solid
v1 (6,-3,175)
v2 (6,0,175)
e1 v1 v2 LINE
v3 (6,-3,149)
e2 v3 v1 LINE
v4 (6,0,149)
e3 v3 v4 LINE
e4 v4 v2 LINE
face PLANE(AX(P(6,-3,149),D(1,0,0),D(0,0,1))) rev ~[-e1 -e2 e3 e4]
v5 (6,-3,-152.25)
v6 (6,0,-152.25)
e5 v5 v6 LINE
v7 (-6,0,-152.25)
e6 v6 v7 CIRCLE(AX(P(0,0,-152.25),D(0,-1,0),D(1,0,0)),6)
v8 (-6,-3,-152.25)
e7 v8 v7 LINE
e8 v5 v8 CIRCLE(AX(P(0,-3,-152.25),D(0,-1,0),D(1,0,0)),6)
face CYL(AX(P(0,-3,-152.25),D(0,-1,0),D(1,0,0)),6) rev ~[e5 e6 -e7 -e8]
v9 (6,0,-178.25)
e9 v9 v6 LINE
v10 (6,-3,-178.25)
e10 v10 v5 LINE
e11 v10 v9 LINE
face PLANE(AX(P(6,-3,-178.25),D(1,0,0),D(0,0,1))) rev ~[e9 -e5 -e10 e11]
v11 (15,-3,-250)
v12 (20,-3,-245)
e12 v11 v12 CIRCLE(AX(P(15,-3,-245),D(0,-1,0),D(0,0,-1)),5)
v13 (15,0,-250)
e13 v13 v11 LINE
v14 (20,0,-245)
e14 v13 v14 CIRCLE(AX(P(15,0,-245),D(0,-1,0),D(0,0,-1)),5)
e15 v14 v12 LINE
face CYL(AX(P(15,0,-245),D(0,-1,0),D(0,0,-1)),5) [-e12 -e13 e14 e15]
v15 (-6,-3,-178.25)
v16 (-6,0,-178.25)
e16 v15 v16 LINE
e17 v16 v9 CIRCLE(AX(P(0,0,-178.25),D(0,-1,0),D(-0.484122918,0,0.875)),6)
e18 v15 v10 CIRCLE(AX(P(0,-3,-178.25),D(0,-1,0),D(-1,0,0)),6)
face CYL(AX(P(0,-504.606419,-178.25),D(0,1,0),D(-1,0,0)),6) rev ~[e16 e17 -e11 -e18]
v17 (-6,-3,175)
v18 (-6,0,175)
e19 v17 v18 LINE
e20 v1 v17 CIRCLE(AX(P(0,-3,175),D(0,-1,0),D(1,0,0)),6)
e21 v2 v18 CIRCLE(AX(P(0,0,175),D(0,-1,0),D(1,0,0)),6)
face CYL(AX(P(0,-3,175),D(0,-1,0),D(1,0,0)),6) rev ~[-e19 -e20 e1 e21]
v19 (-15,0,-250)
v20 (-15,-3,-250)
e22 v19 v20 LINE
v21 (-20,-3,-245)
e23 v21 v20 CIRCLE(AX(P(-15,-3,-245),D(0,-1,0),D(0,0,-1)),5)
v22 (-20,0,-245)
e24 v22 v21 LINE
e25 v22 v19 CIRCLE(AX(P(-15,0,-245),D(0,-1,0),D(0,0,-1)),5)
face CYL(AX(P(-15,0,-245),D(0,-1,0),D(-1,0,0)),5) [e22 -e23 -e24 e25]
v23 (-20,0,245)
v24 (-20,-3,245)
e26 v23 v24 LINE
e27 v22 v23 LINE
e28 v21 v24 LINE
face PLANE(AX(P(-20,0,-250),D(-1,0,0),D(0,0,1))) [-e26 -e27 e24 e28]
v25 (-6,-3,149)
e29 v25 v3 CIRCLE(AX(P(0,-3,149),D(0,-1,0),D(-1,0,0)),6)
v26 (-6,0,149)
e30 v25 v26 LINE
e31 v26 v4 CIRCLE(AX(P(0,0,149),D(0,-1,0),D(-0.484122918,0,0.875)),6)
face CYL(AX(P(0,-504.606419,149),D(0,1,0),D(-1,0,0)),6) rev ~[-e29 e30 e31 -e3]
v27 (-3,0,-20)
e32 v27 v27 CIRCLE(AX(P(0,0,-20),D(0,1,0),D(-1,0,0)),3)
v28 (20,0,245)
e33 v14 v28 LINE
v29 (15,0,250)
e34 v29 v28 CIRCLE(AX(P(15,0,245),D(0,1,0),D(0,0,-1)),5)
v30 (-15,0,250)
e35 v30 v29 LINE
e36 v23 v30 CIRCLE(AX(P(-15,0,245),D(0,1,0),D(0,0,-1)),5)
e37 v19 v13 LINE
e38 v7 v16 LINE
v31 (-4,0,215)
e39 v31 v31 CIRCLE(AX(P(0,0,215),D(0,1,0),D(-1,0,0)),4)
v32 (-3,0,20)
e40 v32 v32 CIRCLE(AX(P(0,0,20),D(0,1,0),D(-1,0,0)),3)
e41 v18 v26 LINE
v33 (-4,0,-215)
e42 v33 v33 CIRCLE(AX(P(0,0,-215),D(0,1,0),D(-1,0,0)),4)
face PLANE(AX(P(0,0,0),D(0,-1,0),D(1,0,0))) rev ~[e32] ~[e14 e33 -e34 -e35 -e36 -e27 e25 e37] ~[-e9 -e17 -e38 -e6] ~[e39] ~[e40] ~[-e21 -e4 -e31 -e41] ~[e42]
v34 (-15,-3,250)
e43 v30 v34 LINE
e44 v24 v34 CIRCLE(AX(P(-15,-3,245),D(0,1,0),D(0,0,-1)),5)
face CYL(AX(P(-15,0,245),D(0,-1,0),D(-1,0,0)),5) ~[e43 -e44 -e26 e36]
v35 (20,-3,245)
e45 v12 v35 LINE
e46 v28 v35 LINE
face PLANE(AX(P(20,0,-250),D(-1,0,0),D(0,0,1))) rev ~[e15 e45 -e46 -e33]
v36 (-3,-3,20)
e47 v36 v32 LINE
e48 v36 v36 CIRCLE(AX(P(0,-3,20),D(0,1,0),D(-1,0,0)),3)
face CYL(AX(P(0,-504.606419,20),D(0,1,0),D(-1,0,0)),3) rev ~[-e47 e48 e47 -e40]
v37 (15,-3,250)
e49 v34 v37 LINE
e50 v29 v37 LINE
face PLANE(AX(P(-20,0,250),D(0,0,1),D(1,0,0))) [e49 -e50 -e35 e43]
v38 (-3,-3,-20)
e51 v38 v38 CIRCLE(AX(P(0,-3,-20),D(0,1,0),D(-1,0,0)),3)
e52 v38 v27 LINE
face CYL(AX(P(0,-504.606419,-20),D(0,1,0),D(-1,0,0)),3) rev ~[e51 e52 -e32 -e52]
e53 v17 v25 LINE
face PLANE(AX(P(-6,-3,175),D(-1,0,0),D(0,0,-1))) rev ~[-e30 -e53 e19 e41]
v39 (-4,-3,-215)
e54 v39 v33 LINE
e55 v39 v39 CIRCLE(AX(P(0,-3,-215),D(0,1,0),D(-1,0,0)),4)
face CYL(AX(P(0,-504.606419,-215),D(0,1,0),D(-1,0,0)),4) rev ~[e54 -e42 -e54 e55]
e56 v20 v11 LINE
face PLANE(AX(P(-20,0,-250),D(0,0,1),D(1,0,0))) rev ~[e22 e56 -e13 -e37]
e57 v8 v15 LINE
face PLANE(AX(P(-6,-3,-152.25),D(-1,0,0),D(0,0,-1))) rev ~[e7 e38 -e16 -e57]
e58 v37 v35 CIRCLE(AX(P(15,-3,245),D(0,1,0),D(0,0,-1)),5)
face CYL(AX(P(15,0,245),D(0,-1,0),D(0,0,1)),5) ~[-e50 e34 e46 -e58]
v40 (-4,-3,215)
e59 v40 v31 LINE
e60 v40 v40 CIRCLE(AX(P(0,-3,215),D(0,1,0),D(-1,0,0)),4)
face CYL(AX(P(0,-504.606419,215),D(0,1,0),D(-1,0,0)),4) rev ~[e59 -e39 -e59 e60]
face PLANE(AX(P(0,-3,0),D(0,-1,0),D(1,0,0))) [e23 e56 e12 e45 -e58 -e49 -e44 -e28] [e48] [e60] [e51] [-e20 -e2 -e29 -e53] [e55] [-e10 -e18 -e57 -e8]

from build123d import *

# Parameters (mm, degrees)
F0_W      = 40
F0_H      = 500
F1_DEPTH  = 3
F3_D      = 8
F5_D      = 12
F7_DEPTH  = 6
F8_D      = 12
F10_DEPTH = 6
F12_DEPTH = 6
F13_R     = 5
F15_D     = 6


with BuildPart() as f1:
    # F0 (on Front) → F1 (new body)
    with BuildSketch(Plane.XZ):
        Rectangle(F0_W, F0_H)
    extrude(amount=F1_DEPTH)

    # F3 (through all)
    with Locations(Plane.XZ.offset(3)):
        with Locations((0, -215), (0, 215)):
            Hole(F3_D / 2)

    # F5 (through all)
    with Locations(Plane.XZ.offset(3)):
        with Locations((0, 149)):
            Hole(F5_D / 2)

    # F6 (on face) → F7 (cut)
    with BuildSketch(Plane.XZ.offset(3)):
        with BuildLine():
            ThreePointArc((-3, 155), (0, 152), (3, 155))
            Line((3, 155), (3, 175))
            ThreePointArc((3, 175), (0, 178), (-3, 175))
            Line((-3, 175), (-3, 155))
        make_face()
    extrude(amount=-F7_DEPTH, mode=Mode.SUBTRACT)

    # F8 (through all)
    with Locations(Plane.XZ.offset(3)):
        with Locations((0, -178.25)):
            Hole(F8_D / 2)

    # F9 (on face) → F10 (cut)
    with BuildSketch(Plane.XZ.offset(3)):
        with BuildLine():
            ThreePointArc((-3, -172.25), (0, -175.25), (3, -172.25))
            Line((3, -172.25), (3, -152.25))
            ThreePointArc((3, -152.25), (0, -149.25), (-3, -152.25))
            Line((-3, -152.25), (-3, -172.25))
        make_face()
    extrude(amount=-F10_DEPTH, mode=Mode.SUBTRACT)

    # F11 (on face) → F12 (cut)
    with BuildSketch(Plane.XZ.offset(3)):
        with BuildLine():
            ThreePointArc((-6, 149), (0, 143), (6, 149))
            Line((6, 149), (6, 175))
            ThreePointArc((6, 175), (0, 181), (-6, 175))
            Line((-6, 175), (-6, 149))
        make_face()
        with BuildLine():
            ThreePointArc((-6, -178.25), (0, -184.25), (6, -178.25))
            Line((6, -178.25), (6, -152.25))
            ThreePointArc((6, -152.25), (0, -146.25), (-6, -152.25))
            Line((-6, -152.25), (-6, -178.25))
        make_face()
    extrude(amount=-F12_DEPTH, mode=Mode.SUBTRACT)

    # F13
    f13_edges = [f1.edges().sort_by_distance(p)[0] for p in [
        (20, -1.5, 250),
        (-20, -1.5, 250),
        (20, -1.5, -250),
        (-20, -1.5, -250),
    ]]
    fillet(f13_edges, radius=F13_R)

    # F15 (through all)
    with Locations(Plane.XZ.offset(3)):
        with Locations((0, 20), (0, -20)):
            Hole(F15_D / 2)


solid = f1.part
